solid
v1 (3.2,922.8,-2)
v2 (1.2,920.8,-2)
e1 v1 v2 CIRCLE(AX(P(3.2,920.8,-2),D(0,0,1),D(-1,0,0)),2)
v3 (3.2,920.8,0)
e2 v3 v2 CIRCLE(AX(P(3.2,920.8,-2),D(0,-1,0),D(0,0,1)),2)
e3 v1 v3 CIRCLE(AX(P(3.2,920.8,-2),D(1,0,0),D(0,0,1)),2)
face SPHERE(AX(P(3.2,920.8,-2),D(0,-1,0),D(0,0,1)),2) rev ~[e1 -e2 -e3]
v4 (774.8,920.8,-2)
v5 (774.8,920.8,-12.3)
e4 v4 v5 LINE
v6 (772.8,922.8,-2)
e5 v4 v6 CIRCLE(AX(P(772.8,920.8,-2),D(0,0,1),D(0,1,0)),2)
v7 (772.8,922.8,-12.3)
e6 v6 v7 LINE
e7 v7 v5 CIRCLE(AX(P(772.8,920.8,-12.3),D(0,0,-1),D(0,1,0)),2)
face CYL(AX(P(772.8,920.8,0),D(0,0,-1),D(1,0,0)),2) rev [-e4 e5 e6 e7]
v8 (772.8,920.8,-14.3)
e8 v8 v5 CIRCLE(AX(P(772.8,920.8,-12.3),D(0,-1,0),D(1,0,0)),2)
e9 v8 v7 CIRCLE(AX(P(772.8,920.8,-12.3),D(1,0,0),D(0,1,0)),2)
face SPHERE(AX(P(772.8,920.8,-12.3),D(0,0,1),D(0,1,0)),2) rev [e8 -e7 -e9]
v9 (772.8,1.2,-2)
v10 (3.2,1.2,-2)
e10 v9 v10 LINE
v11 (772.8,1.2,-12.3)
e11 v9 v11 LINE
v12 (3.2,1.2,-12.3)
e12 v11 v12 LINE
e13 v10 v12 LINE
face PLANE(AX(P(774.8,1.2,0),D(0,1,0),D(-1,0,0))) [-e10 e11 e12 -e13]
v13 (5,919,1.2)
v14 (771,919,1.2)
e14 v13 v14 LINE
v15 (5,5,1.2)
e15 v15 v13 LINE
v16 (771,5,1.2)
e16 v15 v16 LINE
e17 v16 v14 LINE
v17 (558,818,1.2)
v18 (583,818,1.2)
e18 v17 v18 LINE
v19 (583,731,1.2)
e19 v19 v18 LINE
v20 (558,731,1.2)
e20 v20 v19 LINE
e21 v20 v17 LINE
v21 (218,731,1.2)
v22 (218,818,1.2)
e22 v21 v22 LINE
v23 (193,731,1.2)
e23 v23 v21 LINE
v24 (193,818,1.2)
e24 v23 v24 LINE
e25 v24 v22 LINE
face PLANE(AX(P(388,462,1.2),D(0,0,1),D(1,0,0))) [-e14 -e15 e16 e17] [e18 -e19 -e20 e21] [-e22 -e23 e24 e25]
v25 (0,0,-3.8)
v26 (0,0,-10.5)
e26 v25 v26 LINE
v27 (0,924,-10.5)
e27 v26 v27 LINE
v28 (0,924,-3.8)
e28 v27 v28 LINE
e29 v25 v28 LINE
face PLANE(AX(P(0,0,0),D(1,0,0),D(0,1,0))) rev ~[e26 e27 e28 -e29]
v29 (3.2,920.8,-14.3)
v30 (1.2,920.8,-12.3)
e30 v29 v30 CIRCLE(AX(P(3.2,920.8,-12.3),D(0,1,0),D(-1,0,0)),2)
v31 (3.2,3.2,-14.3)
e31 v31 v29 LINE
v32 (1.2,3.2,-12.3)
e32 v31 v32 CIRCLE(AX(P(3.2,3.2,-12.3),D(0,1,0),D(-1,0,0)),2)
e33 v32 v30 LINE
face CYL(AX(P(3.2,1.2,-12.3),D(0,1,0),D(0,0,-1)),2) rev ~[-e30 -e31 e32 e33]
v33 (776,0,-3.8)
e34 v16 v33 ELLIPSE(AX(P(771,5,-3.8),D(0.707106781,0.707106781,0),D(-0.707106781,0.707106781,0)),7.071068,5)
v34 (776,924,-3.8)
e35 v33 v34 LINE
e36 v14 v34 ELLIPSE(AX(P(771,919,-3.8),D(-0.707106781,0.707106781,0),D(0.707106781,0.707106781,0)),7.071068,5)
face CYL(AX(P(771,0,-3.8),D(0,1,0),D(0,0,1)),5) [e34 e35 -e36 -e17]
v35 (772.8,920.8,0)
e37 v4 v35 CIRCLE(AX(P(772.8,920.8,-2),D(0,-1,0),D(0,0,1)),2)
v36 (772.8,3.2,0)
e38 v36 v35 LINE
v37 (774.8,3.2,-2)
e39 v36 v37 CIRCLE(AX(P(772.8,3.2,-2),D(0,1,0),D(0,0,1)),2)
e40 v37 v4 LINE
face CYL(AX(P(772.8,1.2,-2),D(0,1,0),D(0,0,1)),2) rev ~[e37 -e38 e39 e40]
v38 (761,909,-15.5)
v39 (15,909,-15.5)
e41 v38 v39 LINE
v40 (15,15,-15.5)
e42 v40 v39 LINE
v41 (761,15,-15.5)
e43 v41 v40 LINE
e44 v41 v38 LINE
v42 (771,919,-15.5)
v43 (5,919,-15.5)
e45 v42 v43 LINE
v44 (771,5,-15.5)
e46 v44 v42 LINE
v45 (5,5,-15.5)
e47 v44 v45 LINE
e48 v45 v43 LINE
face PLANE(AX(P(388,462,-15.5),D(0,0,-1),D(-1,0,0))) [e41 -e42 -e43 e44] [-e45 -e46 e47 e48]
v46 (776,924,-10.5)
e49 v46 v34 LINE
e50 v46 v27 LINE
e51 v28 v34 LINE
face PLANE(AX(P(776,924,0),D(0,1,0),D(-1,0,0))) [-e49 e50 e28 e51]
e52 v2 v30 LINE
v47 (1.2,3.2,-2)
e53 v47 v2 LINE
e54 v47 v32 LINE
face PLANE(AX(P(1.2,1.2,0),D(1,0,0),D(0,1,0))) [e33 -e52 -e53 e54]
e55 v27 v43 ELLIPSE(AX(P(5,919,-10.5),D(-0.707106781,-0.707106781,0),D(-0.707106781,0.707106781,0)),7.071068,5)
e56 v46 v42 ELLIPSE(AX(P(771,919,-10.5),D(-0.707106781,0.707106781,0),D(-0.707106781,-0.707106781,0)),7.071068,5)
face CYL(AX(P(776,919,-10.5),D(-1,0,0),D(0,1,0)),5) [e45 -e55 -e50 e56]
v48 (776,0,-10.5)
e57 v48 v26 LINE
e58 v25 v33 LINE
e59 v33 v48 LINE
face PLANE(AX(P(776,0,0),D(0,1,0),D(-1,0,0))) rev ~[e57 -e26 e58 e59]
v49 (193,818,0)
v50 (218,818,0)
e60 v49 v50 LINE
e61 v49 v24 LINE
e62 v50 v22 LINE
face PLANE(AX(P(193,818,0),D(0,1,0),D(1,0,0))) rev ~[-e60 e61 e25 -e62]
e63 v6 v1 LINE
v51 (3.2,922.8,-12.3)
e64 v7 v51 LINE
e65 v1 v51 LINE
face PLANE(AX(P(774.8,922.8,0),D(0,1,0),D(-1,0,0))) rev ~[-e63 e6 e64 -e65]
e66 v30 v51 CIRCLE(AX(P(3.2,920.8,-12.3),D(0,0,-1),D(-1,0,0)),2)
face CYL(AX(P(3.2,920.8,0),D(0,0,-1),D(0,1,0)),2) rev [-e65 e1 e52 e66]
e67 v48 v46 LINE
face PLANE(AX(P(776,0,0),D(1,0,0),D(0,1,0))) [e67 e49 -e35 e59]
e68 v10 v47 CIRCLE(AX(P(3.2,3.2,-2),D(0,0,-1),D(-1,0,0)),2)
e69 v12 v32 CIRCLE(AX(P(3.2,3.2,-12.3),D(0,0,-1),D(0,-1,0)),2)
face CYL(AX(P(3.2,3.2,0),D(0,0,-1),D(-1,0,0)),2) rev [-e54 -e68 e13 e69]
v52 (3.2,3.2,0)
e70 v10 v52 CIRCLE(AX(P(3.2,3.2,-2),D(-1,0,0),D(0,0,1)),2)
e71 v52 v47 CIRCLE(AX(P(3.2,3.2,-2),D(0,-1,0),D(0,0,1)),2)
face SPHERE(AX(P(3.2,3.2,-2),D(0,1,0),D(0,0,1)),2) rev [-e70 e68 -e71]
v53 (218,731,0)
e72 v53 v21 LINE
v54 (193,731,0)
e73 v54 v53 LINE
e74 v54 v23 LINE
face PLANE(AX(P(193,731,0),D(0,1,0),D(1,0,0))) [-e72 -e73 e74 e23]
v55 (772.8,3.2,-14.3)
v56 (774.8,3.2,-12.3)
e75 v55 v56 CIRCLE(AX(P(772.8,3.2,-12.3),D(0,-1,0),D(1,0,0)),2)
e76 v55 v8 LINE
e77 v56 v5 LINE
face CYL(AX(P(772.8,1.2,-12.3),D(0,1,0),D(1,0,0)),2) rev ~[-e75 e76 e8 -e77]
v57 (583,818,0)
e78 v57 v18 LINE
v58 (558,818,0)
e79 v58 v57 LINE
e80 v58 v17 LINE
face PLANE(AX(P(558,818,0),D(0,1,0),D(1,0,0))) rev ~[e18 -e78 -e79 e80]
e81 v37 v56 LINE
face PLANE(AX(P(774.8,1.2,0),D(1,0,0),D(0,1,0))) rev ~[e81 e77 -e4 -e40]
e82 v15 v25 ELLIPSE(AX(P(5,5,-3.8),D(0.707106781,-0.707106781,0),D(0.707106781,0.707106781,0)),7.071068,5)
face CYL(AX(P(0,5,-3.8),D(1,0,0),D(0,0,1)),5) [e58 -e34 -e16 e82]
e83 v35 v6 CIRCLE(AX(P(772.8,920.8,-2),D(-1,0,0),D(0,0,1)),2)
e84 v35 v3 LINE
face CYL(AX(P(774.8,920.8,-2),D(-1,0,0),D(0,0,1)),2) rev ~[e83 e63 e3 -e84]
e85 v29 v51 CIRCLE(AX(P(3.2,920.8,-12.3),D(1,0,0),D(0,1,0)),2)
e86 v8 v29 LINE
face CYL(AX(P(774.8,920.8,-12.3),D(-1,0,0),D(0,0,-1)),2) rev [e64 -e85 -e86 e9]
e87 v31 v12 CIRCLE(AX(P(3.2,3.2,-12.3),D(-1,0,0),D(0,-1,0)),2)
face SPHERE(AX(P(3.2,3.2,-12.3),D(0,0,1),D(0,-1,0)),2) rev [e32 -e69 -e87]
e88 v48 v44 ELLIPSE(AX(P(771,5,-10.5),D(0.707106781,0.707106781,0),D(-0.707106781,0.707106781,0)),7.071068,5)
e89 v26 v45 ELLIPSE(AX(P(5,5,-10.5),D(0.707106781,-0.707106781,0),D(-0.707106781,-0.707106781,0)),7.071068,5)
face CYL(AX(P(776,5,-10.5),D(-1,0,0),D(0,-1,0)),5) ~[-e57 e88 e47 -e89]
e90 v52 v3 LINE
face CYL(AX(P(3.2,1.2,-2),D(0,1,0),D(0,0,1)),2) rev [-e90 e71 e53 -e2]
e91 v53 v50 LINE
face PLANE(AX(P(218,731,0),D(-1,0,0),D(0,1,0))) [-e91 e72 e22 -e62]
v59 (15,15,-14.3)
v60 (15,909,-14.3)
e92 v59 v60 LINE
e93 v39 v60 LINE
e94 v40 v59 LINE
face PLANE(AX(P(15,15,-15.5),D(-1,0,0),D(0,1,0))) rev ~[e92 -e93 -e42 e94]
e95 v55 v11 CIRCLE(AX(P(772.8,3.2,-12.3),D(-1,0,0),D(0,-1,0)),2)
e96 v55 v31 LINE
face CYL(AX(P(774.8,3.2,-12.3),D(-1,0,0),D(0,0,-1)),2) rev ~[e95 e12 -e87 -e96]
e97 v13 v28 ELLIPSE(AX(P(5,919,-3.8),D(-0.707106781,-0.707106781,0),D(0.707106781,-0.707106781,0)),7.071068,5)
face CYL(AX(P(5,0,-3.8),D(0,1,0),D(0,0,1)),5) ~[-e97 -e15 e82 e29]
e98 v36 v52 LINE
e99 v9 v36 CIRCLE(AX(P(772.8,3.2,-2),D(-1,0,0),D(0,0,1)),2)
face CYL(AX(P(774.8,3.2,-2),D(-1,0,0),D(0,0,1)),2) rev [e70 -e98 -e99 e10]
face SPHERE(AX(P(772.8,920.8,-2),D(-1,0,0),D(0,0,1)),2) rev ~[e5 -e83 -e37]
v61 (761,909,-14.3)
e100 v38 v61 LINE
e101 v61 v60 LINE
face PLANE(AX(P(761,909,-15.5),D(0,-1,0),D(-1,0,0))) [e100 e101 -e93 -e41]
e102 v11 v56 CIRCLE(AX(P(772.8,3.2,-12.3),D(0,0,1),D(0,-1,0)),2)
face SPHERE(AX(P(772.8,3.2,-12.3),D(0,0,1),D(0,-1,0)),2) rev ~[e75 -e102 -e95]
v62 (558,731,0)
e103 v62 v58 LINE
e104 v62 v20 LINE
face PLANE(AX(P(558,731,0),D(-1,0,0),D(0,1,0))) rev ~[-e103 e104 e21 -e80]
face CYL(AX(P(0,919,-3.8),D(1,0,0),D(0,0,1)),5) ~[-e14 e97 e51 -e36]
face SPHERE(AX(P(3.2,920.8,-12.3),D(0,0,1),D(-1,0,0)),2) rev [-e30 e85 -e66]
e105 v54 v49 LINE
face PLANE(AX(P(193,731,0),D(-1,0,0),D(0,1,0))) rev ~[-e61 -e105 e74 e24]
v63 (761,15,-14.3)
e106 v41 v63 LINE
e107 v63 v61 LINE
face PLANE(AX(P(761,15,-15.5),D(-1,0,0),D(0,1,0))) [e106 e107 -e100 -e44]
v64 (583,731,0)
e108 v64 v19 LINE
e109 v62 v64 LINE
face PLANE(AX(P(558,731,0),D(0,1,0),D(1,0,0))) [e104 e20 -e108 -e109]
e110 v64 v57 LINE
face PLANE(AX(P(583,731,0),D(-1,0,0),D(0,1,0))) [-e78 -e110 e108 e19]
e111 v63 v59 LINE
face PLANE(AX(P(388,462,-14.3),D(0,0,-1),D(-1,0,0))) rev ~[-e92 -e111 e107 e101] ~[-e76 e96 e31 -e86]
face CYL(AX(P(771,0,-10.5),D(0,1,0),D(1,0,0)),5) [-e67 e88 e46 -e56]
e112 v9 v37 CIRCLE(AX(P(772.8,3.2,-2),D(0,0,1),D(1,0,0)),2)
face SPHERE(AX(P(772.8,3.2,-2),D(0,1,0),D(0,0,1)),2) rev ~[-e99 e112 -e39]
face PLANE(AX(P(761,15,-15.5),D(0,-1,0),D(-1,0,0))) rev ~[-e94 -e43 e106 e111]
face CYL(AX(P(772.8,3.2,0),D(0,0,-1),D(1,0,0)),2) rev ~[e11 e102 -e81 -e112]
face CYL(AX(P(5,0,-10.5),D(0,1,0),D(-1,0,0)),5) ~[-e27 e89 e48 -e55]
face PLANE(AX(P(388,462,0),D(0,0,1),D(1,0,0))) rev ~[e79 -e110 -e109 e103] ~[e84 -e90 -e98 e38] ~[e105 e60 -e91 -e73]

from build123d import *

# Parameters (mm, degrees)
SKETCH_1_W      = 776
SKETCH_1_H      = 924
SKETCH_1_W_2    = 25
SKETCH_1_H_2    = 87
EXTRUDE_1_DEPTH = 1.2
SKETCH_2_W      = 776
SKETCH_2_H      = 924
SKETCH_2_W_2    = 773.6
SKETCH_2_H_2    = 921.6
EXTRUDE_2_DEPTH = 15.5
SKETCH_3_W      = 776
SKETCH_3_H      = 924
SKETCH_3_W_2    = 746
SKETCH_3_H_2    = 894
EXTRUDE_3_DEPTH = 1.2
FILLET_1_R      = 2
FILLET_2_R      = 5
FILLET_3_R      = 5


with BuildPart() as part:
    # 스케치1 → 보스-돌출1 (new body)
    with BuildSketch(Plane.XY):
        with Locations((388, 462)):
            Rectangle(SKETCH_1_W, SKETCH_1_H)
        with Locations((205.5, 774.5)):
            Rectangle(SKETCH_1_W_2, SKETCH_1_H_2, mode=Mode.SUBTRACT)
        with Locations((570.5, 774.5)):
            Rectangle(SKETCH_1_W_2, SKETCH_1_H_2, mode=Mode.SUBTRACT)
    extrude(amount=EXTRUDE_1_DEPTH)

    # 스케치2 → 보스-돌출2 (add)
    with BuildSketch(Plane(origin=(0, 0, 0), x_dir=(-1, 0, 0), z_dir=(0, 0, -1))):
        with Locations((-388, 462)):
            Rectangle(SKETCH_2_W, SKETCH_2_H)
        with Locations((-388, 462)):
            Rectangle(SKETCH_2_W_2, SKETCH_2_H_2, mode=Mode.SUBTRACT)
    extrude(amount=EXTRUDE_2_DEPTH)

    # 스케치3 → 보스-돌출3 (add)
    with BuildSketch(Plane(origin=(0, 0, -15.5), x_dir=(-1, 0, 0), z_dir=(0, 0, -1))):
        with Locations((-388, 462)):
            Rectangle(SKETCH_3_W, SKETCH_3_H)
        with Locations((-388, 462)):
            Rectangle(SKETCH_3_W_2, SKETCH_3_H_2, mode=Mode.SUBTRACT)
    extrude(amount=-EXTRUDE_3_DEPTH)

    # 필렛1
    fillet_1_edges = [part.edges().sort_by_distance(p)[0] for p in [
        (1.2, 462, 0),
        (388, 922.8, 0),
        (774.8, 462, 0),
        (388, 1.2, 0),
        (774.8, 1.2, -7.15),
        (1.2, 1.2, -7.15),
        (388, 1.2, -14.3),
        (774.8, 922.8, -7.15),
        (1.2, 922.8, -7.15),
        (1.2, 462, -14.3),
        (388, 922.8, -14.3),
        (774.8, 462, -14.3),
    ]]
    fillet(fillet_1_edges, radius=FILLET_1_R)

    # 필렛2
    fillet_2_edges = [part.edges().sort_by_distance(p)[0] for p in [
        (776, 462, 1.2),
        (388, 924, 1.2),
        (0, 462, 1.2),
        (388, 0, 1.2),
    ]]
    fillet(fillet_2_edges, radius=FILLET_2_R)

    # 필렛3
    fillet_3_edges = [part.edges().sort_by_distance(p)[0] for p in [
        (388, 0, -15.5),
        (0, 462, -15.5),
        (388, 924, -15.5),
        (776, 462, -15.5),
    ]]
    fillet(fillet_3_edges, radius=FILLET_3_R)


solid = part.part
